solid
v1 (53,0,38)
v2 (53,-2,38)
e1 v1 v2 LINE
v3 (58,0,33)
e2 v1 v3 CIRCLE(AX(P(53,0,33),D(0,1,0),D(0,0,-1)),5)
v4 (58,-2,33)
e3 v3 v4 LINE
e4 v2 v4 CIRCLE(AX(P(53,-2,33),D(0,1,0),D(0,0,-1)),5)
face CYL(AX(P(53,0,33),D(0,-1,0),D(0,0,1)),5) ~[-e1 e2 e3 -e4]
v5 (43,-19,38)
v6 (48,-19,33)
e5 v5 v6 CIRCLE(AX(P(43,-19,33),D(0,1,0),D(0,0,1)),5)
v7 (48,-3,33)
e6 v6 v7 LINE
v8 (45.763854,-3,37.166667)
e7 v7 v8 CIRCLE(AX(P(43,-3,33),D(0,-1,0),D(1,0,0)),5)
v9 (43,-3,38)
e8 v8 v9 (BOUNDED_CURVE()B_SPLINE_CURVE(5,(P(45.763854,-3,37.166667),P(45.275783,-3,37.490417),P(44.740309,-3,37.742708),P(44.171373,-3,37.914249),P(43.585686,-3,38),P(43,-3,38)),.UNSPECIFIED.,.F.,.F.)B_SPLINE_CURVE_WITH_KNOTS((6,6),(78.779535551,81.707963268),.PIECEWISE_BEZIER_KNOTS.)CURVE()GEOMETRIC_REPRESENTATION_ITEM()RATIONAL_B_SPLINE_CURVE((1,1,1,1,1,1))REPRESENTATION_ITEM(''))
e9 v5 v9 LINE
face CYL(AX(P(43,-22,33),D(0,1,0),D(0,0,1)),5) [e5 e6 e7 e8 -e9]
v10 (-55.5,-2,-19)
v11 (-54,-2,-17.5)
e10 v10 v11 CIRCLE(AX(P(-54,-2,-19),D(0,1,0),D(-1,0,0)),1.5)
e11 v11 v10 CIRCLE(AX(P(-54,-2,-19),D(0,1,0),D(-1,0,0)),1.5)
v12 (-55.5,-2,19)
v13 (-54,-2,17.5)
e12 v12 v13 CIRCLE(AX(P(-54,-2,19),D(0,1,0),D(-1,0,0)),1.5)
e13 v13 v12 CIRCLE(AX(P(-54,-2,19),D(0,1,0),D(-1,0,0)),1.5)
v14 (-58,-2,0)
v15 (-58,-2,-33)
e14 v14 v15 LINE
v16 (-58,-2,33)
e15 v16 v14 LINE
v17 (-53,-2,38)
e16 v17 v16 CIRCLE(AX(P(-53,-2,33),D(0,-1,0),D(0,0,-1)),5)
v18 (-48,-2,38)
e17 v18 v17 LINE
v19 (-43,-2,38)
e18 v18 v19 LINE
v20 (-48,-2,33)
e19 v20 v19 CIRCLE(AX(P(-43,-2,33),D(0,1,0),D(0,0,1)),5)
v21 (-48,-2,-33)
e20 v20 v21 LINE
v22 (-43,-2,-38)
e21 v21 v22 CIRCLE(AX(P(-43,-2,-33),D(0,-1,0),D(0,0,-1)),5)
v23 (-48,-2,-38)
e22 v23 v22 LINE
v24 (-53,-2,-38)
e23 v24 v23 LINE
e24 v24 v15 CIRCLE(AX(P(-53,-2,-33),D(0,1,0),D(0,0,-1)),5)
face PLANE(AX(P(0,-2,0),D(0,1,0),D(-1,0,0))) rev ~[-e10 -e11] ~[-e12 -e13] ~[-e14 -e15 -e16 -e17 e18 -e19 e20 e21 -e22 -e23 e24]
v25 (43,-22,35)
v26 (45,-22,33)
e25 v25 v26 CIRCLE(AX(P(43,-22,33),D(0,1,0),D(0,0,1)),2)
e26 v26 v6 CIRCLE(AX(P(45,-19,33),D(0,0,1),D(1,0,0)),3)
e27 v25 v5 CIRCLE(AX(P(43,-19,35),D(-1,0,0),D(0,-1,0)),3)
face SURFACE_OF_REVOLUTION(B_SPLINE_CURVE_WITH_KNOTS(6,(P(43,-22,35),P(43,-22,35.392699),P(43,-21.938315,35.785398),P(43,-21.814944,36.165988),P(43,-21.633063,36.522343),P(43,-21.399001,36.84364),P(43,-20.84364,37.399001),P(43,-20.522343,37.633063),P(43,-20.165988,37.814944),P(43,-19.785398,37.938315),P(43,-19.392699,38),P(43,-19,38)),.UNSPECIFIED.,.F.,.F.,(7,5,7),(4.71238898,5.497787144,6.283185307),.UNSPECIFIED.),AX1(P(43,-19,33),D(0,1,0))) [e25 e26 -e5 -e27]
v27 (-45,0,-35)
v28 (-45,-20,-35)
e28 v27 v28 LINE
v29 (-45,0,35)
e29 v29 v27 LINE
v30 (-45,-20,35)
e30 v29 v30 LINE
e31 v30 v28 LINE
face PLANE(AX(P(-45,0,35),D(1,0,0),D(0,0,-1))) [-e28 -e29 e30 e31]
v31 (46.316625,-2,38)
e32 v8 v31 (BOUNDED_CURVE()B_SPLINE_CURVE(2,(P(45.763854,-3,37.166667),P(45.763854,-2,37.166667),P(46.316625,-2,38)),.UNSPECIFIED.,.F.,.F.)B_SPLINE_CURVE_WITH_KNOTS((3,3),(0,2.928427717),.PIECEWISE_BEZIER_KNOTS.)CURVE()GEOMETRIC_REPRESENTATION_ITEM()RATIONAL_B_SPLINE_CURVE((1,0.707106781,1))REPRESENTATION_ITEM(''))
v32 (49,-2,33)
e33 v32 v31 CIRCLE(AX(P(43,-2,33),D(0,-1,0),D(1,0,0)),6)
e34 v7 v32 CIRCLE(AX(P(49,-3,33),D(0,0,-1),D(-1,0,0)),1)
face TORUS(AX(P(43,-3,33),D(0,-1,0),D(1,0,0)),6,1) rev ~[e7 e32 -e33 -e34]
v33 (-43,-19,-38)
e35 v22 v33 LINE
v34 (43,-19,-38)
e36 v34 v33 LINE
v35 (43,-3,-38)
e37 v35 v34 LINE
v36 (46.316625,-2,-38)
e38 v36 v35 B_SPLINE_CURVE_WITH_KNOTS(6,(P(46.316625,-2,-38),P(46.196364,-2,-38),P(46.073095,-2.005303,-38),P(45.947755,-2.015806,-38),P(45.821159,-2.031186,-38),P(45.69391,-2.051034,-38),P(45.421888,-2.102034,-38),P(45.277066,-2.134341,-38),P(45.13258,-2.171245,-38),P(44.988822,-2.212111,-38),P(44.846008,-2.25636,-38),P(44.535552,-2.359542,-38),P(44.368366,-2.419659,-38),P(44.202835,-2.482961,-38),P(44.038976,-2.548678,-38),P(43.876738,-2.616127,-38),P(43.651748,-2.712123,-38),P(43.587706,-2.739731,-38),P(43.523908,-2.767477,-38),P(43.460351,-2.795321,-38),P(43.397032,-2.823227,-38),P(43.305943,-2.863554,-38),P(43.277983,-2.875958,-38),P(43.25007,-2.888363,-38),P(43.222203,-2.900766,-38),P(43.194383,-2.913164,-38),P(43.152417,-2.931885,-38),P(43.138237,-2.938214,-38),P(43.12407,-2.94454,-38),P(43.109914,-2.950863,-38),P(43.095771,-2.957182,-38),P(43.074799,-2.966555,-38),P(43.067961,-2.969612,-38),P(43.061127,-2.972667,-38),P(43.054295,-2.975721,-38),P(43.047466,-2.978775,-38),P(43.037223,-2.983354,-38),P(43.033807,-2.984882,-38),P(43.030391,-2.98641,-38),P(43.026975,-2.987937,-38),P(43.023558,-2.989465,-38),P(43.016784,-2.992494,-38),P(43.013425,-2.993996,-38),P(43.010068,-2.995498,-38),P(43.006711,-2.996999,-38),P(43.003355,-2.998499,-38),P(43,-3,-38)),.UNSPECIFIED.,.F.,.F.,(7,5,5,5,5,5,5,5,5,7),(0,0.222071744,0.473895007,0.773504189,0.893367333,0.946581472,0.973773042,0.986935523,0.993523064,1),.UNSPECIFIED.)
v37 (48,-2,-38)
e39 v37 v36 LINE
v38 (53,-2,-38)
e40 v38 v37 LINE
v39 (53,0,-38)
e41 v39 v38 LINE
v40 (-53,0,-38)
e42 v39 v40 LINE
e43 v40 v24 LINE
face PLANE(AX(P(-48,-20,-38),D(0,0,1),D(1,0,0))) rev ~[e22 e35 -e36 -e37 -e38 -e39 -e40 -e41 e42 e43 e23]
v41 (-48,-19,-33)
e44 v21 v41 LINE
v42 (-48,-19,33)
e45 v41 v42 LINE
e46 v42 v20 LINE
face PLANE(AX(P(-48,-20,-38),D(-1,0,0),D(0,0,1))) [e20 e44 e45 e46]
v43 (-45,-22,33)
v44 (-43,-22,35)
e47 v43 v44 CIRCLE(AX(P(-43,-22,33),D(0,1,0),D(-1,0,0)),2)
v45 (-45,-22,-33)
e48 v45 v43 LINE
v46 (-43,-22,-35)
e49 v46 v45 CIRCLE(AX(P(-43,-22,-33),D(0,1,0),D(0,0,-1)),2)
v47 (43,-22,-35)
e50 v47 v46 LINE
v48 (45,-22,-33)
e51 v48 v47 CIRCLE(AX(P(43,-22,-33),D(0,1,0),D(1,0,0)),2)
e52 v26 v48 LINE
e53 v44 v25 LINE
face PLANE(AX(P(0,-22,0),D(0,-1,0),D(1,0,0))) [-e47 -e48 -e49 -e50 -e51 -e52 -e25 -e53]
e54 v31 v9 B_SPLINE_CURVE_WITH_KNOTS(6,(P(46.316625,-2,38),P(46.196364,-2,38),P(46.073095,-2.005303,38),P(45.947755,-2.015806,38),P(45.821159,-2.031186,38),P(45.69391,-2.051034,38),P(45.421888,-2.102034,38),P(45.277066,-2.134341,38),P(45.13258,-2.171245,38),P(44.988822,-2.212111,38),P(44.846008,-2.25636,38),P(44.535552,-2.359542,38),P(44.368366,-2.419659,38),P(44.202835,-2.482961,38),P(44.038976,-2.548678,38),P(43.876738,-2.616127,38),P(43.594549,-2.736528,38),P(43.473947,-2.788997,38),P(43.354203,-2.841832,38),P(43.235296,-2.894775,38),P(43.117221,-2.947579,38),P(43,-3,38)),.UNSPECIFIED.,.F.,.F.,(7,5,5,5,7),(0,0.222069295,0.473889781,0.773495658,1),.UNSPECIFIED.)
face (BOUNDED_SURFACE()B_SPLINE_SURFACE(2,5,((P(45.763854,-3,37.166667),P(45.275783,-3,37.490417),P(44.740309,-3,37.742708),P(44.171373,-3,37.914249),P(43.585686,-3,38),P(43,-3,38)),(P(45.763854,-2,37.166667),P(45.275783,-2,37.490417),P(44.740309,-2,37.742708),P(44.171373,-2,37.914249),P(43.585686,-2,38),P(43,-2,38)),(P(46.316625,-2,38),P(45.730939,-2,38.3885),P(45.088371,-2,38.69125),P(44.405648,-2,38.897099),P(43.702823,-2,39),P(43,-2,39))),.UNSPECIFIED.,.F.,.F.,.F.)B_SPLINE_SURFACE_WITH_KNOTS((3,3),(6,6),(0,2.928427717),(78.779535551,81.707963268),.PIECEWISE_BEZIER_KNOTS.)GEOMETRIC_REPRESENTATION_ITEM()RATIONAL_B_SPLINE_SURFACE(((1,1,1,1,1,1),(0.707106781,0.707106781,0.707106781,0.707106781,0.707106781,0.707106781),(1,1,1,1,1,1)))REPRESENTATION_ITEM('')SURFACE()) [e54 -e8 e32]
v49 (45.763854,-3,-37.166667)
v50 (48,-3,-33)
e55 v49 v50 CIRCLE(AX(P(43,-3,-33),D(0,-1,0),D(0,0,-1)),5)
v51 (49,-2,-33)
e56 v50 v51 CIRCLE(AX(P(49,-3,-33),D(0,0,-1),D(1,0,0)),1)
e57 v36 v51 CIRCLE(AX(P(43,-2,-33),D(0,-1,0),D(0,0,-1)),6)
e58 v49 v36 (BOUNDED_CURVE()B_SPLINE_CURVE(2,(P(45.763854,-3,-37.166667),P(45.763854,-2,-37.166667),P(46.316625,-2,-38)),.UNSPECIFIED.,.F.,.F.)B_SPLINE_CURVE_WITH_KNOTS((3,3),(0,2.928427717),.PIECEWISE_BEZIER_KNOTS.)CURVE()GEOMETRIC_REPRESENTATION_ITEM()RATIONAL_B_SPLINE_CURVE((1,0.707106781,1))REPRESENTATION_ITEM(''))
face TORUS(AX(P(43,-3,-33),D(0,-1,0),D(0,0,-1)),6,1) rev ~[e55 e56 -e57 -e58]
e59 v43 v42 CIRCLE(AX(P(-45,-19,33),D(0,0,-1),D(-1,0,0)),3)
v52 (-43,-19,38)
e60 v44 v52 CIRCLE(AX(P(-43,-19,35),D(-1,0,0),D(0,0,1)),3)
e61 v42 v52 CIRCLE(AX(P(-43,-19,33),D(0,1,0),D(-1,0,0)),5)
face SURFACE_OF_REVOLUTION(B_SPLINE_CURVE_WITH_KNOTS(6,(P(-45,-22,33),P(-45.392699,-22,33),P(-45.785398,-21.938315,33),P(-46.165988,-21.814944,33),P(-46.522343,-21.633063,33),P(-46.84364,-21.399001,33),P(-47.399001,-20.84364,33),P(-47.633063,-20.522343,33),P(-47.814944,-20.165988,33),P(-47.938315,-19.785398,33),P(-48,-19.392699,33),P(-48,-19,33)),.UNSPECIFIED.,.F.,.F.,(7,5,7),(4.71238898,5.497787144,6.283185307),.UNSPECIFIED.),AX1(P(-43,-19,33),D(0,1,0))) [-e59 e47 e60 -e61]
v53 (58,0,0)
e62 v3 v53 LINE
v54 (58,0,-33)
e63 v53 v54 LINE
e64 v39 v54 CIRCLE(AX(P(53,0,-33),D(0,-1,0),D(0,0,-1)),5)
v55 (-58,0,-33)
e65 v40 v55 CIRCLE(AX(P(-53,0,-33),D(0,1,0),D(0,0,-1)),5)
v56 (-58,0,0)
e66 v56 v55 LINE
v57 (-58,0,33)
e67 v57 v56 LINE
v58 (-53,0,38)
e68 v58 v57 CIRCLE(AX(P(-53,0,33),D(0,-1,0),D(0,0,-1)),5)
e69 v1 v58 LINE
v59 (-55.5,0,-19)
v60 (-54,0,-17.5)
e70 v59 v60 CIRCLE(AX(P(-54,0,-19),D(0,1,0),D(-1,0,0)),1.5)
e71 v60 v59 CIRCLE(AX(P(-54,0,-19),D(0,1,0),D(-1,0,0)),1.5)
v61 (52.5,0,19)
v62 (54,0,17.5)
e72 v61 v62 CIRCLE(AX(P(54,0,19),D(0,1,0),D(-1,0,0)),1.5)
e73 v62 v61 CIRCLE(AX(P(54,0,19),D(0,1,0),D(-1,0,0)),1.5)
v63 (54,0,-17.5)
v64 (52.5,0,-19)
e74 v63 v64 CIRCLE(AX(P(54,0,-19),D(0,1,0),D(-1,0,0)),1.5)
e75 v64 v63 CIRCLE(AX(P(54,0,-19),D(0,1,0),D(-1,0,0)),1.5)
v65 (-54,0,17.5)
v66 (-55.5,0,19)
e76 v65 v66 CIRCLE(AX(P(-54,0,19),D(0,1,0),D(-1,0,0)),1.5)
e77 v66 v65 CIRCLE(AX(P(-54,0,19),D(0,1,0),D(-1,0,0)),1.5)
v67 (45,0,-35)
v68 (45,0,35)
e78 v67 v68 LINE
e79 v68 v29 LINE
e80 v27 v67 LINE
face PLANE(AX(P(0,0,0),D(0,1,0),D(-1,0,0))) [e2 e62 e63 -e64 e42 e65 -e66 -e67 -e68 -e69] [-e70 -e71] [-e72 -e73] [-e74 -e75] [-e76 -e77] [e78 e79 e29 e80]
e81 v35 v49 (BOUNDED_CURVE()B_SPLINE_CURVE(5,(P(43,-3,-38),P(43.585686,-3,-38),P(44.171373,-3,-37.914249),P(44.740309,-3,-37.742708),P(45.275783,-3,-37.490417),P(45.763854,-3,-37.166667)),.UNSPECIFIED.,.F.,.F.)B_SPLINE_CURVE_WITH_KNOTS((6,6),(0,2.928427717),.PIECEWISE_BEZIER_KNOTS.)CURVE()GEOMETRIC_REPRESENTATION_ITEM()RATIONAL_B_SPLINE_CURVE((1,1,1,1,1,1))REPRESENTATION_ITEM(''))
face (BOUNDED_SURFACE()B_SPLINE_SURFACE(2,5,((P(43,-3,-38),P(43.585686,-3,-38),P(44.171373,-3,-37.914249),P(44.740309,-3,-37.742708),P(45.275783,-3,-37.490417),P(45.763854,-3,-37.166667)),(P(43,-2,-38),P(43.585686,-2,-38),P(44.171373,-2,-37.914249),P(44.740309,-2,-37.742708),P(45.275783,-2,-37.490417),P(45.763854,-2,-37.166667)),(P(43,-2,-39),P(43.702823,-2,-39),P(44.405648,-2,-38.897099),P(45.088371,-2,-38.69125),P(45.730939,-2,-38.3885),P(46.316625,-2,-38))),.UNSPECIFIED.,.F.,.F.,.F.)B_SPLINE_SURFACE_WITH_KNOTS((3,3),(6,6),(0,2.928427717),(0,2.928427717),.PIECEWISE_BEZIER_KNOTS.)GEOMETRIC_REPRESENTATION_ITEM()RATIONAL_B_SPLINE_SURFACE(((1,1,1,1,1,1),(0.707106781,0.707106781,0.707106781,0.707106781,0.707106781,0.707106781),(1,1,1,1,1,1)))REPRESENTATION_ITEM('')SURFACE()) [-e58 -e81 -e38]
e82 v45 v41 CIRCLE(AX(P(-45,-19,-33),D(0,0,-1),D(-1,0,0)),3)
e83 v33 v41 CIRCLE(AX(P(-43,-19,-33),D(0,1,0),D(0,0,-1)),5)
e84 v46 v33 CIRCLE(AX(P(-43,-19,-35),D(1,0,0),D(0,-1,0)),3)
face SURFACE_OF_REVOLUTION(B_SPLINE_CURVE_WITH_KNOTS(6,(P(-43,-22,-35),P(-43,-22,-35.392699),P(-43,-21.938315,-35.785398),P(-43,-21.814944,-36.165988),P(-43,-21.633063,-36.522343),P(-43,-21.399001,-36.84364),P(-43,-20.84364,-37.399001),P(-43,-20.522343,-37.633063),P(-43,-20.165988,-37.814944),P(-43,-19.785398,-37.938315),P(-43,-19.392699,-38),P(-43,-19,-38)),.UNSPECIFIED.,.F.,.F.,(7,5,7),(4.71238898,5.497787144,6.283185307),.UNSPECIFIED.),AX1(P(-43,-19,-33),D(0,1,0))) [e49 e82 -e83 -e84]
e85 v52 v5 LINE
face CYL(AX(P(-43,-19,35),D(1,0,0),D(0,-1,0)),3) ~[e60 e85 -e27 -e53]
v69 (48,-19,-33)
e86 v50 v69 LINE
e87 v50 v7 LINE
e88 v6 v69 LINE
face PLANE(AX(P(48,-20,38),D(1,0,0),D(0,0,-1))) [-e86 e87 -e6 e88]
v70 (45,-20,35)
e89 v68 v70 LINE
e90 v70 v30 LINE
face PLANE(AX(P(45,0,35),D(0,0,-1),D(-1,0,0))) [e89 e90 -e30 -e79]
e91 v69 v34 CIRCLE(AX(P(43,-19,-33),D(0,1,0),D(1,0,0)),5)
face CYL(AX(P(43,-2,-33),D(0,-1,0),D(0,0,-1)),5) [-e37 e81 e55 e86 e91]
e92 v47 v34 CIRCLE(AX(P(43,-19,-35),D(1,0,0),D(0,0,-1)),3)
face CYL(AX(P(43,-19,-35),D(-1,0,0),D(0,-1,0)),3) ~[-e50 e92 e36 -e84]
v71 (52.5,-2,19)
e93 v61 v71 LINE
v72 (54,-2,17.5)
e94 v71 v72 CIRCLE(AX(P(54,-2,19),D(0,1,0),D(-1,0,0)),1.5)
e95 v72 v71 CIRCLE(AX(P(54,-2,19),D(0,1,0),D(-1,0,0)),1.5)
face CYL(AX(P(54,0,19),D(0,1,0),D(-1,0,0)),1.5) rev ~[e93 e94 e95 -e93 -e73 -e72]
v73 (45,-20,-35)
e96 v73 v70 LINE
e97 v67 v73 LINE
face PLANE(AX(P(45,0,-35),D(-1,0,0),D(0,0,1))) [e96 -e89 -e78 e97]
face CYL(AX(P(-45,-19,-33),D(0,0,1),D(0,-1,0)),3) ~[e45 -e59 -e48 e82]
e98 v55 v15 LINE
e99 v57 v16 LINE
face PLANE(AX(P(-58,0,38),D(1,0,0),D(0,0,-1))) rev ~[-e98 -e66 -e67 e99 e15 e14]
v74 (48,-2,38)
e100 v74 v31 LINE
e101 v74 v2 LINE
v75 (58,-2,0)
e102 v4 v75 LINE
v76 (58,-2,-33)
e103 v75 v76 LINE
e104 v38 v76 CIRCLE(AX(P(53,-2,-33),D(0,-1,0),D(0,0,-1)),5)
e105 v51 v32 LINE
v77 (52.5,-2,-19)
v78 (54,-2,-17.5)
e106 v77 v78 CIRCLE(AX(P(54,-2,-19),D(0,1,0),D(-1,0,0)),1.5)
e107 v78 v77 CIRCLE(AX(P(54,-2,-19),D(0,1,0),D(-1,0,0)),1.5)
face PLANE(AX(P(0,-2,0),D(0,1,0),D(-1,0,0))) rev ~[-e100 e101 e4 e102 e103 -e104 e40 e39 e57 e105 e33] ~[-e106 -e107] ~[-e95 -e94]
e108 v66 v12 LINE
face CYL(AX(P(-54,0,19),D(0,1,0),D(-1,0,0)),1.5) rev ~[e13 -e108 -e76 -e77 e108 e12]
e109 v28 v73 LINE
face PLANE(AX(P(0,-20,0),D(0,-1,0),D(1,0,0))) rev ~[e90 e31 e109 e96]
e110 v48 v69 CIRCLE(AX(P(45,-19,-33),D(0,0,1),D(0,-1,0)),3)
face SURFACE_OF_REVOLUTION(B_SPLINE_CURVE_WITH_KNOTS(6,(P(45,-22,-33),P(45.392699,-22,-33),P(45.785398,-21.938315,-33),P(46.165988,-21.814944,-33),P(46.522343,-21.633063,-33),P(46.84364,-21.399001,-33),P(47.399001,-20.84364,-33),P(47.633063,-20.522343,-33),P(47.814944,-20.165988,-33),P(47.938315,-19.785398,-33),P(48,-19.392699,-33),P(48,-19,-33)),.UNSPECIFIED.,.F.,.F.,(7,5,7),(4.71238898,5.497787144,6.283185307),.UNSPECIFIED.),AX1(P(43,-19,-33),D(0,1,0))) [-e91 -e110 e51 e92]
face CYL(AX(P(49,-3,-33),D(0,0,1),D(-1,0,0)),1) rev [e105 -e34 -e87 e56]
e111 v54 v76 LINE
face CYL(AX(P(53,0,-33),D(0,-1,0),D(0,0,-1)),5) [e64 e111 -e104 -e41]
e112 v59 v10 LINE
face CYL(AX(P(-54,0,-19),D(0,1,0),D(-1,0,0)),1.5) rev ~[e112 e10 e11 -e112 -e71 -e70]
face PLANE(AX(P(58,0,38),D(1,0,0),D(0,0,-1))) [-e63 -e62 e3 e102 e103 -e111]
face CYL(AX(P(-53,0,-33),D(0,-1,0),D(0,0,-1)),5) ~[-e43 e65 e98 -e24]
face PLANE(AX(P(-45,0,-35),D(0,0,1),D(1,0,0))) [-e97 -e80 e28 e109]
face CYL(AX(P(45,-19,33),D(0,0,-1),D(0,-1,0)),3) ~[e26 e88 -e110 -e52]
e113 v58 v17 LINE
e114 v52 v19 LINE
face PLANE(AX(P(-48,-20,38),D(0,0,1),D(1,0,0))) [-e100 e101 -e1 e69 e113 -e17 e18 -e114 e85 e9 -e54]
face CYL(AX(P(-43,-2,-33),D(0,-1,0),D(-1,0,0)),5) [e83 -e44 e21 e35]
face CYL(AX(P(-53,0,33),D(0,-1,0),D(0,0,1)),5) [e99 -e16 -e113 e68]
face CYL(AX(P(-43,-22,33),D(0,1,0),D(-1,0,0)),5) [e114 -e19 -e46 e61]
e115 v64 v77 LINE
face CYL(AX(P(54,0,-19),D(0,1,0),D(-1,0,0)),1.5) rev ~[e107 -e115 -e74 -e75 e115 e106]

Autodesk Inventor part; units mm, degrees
ref_plane "YZ Plane" through (0, 0, 0) normal (1, 0, 0) x (0, 1, 0)
ref_plane "XZ Plane" through (0, 0, 0) normal (0, 1, 0) x (-1, 0, 0)
ref_plane "XY Plane" through (0, 0, 0) normal (0, 0, 1) x (1, 0, 0)
sketch "Sketch1" plane through (0, 0, 0) normal (0, 1, 0) x (-1, 0, 0)
  line L0 (-45, 35) -> (45, 35)
  line L1 (45, 35) -> (45, -35)
  line L2 (45, -35) -> (-45, -35)
  line L3 (-45, -35) -> (-45, 35)
  line L4 (-45, 35) -> (45, -35) construction
  line L5 (45, 35) -> (-45, -35) construction
  line L6 (-48, 38) -> (48, 38)
  line L7 (48, 38) -> (48, -38)
  line L8 (48, -38) -> (-48, -38)
  line L9 (-48, -38) -> (-48, 38)
  line L10 (-48, 38) -> (48, -38) construction
  line L11 (48, 38) -> (-48, -38) construction
  line L12 (48, 38) -> (58, 38)
  line L13 (58, 38) -> (58, -38)
  line L14 (58, -38) -> (48, -38)
  line L15 (48, -38) -> (48, 38)
  line L16 (-48, 38) -> (-58, 38)
  line L17 (-58, 38) -> (-58, -38)
  line L18 (-58, -38) -> (-48, -38)
  line L19 (-48, -38) -> (-48, 38)
  line L20 (54, -19) -> (54, 19)
  line L21 (54, -19) -> (92, -19) construction
  circle A0 centre (54, 19) radius 1.5
  circle A1 centre (54, -19) radius 1.5
  line L22 (-54, -19) -> (-54, 19)
  circle A2 centre (-54, 19) radius 1.5
  circle A3 centre (-54, -19) radius 1.5
  line L23 (58, 0) -> (54, 0)
  line L24 (-58, 0) -> (-54, 0)
  point P0 (0, 0)
  point P1 (54, 0)
  dimension "d0" = 90
  dimension "d1" = 70
  dimension "d2" = 96
  dimension "d3" = 76
  dimension "d4" = 10
  dimension "d5" = 76
  dimension "d6" = 10
  dimension "d7" = 76
  dimension "d8" = 38
  dimension "d9" = 90
  dimension "d10" = 3
  dimension "d11" = 3
  dimension "d12" = 3
  dimension "d13" = 3
  dimension "d23" = 4
  dimension "d24" = 4
extrude "Extrusion1" add sketch "Sketch1" against normal blind 20 contours L6 L7 L8 L9
extrude "Extrusion2" add sketch "Sketch1" against normal blind 2 contours L9 L18 L17 L16 | L12 L13 L14 L7
sketch "Sketch2" plane through (0, -20, 0) normal (0, -1, 0) x (1, 0, 0)
  line L0 (-48, -38) -> (48, -38) projected
  line L1 (-48, 38) -> (48, 38)
  line L2 (48, 38) -> (48, -38)
  line L3 (48, -38) -> (-48, -38)
  line L4 (-48, -38) -> (-48, 38)
  line L5 (-48, 38) -> (48, -38) construction
  line L6 (48, 38) -> (-48, -38) construction
  point P0 (0, 0)
extrude "Extrusion3" add sketch "Sketch2" along normal blind 2
fillet "Fillet1" radius 5 8 edges at (48, -12, -38) (-48, -12, -38) (48, -12, 38) (-48, -12, 38) (-58, -1, 38) (-58, -1, -38) (58, -1, -38) (58, -1, 38)
fillet "Fillet2" radius 1 1 edges at (48, -2, 0)
fillet "Fillet3" radius 3 8 edges at (-46.5355, -22, 36.5355) (-48, -22, 0) (-46.5355, -22, -36.5355) (0, -22, -38) (46.5355, -22, -36.5355) (48, -22, 0) (46.5355, -22, 36.5355) (0, -22, 38)
properties part number "battary holder"
